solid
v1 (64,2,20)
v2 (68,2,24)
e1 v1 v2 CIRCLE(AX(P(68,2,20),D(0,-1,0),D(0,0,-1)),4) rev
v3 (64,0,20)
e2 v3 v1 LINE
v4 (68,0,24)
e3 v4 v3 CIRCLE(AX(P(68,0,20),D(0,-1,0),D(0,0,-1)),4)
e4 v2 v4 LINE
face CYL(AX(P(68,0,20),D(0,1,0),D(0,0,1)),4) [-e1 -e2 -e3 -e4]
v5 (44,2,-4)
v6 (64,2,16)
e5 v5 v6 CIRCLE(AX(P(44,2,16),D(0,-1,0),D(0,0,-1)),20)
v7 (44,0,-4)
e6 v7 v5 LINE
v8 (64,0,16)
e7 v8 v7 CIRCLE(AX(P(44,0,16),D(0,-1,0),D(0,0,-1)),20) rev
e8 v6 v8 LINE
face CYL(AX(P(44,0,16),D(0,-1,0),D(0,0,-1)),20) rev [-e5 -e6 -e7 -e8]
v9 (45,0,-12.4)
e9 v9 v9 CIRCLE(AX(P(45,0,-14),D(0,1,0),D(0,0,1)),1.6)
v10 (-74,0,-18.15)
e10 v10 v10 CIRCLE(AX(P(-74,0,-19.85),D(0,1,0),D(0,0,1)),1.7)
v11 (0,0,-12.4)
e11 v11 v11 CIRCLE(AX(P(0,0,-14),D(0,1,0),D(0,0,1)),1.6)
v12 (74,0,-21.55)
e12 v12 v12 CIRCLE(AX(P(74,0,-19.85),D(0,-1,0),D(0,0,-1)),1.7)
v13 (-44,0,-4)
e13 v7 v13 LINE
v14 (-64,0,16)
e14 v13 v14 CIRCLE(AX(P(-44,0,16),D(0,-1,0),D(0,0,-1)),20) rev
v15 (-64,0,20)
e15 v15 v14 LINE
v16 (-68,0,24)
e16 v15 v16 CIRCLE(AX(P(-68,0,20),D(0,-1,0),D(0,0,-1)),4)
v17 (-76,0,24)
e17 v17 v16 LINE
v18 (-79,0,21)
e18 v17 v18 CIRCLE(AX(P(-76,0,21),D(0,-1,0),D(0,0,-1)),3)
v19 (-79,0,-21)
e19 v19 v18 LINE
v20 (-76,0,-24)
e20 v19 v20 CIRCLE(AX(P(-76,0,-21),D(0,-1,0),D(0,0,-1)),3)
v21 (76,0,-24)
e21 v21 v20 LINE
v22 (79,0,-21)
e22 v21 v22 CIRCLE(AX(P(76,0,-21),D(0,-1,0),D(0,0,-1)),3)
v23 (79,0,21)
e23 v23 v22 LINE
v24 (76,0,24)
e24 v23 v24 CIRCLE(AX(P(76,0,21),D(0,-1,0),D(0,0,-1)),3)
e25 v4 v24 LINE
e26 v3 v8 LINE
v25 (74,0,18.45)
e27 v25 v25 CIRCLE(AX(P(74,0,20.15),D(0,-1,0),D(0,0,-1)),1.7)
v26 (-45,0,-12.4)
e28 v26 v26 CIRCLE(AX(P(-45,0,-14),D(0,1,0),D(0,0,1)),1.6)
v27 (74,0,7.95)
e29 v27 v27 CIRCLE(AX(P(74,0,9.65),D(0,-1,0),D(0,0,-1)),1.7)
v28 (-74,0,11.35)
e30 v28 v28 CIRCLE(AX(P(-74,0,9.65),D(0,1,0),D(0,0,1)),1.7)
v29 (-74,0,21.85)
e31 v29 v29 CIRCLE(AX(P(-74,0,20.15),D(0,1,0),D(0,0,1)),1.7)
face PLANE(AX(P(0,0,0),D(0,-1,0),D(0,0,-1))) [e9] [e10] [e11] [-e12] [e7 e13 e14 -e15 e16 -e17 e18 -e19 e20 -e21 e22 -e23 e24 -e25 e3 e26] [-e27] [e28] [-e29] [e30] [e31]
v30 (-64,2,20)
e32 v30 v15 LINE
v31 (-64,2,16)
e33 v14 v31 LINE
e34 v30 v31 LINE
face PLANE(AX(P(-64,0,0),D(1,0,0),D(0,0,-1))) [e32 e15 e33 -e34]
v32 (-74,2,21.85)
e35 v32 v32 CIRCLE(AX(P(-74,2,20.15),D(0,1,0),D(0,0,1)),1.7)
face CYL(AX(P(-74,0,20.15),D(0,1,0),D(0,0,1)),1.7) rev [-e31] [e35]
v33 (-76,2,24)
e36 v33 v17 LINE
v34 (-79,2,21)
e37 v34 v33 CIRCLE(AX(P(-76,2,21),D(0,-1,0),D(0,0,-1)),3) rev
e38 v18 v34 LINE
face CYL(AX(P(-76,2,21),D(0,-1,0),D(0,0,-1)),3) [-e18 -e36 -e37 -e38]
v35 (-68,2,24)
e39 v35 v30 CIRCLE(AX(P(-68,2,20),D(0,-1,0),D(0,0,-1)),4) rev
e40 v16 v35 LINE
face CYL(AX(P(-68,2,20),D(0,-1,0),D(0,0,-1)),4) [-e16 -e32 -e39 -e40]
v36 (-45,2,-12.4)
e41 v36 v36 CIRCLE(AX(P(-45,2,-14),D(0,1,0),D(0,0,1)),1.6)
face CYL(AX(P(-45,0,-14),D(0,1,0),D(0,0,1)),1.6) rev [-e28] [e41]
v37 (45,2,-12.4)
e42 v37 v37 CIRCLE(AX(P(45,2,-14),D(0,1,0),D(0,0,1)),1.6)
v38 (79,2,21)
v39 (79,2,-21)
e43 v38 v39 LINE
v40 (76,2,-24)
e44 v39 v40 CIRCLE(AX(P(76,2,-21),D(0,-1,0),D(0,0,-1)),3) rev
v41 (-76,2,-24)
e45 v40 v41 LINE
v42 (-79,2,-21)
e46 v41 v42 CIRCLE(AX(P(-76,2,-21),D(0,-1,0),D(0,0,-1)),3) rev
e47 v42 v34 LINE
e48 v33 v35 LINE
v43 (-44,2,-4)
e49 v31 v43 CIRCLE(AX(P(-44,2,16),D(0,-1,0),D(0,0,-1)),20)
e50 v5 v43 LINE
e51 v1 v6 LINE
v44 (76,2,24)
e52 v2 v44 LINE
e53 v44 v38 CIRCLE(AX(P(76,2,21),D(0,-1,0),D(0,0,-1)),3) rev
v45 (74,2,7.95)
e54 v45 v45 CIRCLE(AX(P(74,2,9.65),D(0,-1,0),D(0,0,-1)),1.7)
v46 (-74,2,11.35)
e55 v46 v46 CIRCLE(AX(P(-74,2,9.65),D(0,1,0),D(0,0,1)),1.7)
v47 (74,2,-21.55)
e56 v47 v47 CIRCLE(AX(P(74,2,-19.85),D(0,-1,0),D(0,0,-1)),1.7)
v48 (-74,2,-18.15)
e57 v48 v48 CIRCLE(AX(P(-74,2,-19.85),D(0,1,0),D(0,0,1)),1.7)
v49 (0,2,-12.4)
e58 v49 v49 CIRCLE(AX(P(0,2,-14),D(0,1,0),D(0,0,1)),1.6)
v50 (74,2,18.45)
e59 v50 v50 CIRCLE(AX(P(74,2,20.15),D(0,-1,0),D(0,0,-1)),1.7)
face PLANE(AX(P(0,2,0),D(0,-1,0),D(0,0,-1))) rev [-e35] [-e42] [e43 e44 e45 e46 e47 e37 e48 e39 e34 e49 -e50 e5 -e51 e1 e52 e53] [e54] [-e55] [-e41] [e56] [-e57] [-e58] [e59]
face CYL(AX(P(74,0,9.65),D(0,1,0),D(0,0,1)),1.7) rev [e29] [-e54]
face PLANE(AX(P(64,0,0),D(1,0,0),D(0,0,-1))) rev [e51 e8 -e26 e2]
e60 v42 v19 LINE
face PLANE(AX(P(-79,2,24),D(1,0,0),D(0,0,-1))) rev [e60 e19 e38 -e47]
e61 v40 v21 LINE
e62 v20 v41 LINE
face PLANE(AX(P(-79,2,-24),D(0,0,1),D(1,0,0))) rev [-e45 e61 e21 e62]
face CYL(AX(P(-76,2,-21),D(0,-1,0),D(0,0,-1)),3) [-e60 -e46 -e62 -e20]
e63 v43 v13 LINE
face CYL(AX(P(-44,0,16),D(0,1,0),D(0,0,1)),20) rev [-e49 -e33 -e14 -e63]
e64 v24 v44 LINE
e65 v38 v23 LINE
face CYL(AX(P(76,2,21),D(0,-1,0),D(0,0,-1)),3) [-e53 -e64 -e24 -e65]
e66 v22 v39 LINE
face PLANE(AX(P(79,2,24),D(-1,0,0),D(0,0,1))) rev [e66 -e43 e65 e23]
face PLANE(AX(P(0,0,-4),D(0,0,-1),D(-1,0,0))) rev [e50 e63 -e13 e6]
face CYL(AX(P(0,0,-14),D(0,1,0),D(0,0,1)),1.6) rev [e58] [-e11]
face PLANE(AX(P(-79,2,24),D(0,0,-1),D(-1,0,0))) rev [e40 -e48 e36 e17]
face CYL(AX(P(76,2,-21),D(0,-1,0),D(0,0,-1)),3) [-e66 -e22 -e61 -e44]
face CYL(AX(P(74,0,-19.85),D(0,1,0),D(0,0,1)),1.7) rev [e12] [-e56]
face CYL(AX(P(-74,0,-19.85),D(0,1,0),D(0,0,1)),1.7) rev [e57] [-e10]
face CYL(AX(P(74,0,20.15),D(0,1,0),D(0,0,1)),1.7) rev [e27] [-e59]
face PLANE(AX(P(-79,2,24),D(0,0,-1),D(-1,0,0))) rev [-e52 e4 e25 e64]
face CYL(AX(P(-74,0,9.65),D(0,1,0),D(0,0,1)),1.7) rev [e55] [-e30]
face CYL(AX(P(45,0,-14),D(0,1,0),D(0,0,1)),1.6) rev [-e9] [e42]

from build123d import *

# Parameters (mm, degrees)
SKETCH_1_W          = 158
SKETCH_1_H          = 48
EXTRUDE_1_DEPTH     = 2
SKETCH_2_W          = 128
SKETCH_2_H          = 28
CUT_EXTRUDE_1_DEPTH = 2
SKETCH_4_R          = 1.7
CUT_EXTRUDE_2_DEPTH = 2
SKETCH_5_R          = 1.6
CUT_EXTRUDE_3_DEPTH = 2
FILLET_4_R          = 3
FILLET_5_R          = 4
FILLET_6_R          = 20


with BuildPart() as part:
    # 草图1 → 凸台-拉伸1 (new body)
    with BuildSketch(Plane(origin=(0, 0, 0), x_dir=(1, 0, 0), z_dir=(0, 1, 0))):
        Rectangle(SKETCH_1_W, SKETCH_1_H)
    extrude(amount=EXTRUDE_1_DEPTH)

    # 草图2 → 切除-拉伸1 (cut)
    with BuildSketch(Plane(origin=(0, 2, 0), x_dir=(1, 0, 0), z_dir=(0, 1, 0))):
        with Locations((0, -10)):
            Rectangle(SKETCH_2_W, SKETCH_2_H)
    extrude(amount=-CUT_EXTRUDE_1_DEPTH, mode=Mode.SUBTRACT)

    # 草图4 → 切除-拉伸2 (cut)
    with BuildSketch(Plane(origin=(0, 2, 0), x_dir=(1, 0, 0), z_dir=(0, 1, 0))):
        with Locations(Location((-74, 19.85, 0), (0, 0, 270))):
            Circle(SKETCH_4_R)
        with Locations(Location((-74, -9.65, 0), (0, 0, 270))):
            Circle(SKETCH_4_R)
        with Locations(Location((-74, -20.15, 0), (0, 0, 270))):
            Circle(SKETCH_4_R)
        with Locations(Location((74, -20.15, 0), (0, 0, 90))):
            Circle(SKETCH_4_R)
        with Locations(Location((74, -9.65, 0), (0, 0, 90))):
            Circle(SKETCH_4_R)
        with Locations(Location((74, 19.85, 0), (0, 0, 90))):
            Circle(SKETCH_4_R)
    extrude(amount=-CUT_EXTRUDE_2_DEPTH, mode=Mode.SUBTRACT)

    # 草图5 → 切除-拉伸3 (cut)
    with BuildSketch(Plane(origin=(0, 2, 0), x_dir=(1, 0, 0), z_dir=(0, 1, 0))):
        with Locations(Location((0, 14, 0), (0, 0, 270))):
            Circle(SKETCH_5_R)
        with Locations(Location((-45, 14, 0), (0, 0, 270))):
            Circle(SKETCH_5_R)
        with Locations(Location((45, 14, 0), (0, 0, 270))):
            Circle(SKETCH_5_R)
    extrude(amount=-CUT_EXTRUDE_3_DEPTH, mode=Mode.SUBTRACT)

    # 圆角4
    fillet_4_edges = [part.edges().sort_by_distance(p)[0] for p in [
        (79, 1, 24),
        (-79, 1, 24),
        (-79, 1, -24),
        (79, 1, -24),
    ]]
    fillet(fillet_4_edges, radius=FILLET_4_R)

    # 圆角5
    fillet_5_edges = [part.edges().sort_by_distance(p)[0] for p in [
        (64, 1, 24),
        (-64, 1, 24),
    ]]
    fillet(fillet_5_edges, radius=FILLET_5_R)

    # 圆角6
    fillet_6_edges = [part.edges().sort_by_distance(p)[0] for p in [
        (64, 1, -4),
        (-64, 1, -4),
    ]]
    fillet(fillet_6_edges, radius=FILLET_6_R)


solid = part.part
